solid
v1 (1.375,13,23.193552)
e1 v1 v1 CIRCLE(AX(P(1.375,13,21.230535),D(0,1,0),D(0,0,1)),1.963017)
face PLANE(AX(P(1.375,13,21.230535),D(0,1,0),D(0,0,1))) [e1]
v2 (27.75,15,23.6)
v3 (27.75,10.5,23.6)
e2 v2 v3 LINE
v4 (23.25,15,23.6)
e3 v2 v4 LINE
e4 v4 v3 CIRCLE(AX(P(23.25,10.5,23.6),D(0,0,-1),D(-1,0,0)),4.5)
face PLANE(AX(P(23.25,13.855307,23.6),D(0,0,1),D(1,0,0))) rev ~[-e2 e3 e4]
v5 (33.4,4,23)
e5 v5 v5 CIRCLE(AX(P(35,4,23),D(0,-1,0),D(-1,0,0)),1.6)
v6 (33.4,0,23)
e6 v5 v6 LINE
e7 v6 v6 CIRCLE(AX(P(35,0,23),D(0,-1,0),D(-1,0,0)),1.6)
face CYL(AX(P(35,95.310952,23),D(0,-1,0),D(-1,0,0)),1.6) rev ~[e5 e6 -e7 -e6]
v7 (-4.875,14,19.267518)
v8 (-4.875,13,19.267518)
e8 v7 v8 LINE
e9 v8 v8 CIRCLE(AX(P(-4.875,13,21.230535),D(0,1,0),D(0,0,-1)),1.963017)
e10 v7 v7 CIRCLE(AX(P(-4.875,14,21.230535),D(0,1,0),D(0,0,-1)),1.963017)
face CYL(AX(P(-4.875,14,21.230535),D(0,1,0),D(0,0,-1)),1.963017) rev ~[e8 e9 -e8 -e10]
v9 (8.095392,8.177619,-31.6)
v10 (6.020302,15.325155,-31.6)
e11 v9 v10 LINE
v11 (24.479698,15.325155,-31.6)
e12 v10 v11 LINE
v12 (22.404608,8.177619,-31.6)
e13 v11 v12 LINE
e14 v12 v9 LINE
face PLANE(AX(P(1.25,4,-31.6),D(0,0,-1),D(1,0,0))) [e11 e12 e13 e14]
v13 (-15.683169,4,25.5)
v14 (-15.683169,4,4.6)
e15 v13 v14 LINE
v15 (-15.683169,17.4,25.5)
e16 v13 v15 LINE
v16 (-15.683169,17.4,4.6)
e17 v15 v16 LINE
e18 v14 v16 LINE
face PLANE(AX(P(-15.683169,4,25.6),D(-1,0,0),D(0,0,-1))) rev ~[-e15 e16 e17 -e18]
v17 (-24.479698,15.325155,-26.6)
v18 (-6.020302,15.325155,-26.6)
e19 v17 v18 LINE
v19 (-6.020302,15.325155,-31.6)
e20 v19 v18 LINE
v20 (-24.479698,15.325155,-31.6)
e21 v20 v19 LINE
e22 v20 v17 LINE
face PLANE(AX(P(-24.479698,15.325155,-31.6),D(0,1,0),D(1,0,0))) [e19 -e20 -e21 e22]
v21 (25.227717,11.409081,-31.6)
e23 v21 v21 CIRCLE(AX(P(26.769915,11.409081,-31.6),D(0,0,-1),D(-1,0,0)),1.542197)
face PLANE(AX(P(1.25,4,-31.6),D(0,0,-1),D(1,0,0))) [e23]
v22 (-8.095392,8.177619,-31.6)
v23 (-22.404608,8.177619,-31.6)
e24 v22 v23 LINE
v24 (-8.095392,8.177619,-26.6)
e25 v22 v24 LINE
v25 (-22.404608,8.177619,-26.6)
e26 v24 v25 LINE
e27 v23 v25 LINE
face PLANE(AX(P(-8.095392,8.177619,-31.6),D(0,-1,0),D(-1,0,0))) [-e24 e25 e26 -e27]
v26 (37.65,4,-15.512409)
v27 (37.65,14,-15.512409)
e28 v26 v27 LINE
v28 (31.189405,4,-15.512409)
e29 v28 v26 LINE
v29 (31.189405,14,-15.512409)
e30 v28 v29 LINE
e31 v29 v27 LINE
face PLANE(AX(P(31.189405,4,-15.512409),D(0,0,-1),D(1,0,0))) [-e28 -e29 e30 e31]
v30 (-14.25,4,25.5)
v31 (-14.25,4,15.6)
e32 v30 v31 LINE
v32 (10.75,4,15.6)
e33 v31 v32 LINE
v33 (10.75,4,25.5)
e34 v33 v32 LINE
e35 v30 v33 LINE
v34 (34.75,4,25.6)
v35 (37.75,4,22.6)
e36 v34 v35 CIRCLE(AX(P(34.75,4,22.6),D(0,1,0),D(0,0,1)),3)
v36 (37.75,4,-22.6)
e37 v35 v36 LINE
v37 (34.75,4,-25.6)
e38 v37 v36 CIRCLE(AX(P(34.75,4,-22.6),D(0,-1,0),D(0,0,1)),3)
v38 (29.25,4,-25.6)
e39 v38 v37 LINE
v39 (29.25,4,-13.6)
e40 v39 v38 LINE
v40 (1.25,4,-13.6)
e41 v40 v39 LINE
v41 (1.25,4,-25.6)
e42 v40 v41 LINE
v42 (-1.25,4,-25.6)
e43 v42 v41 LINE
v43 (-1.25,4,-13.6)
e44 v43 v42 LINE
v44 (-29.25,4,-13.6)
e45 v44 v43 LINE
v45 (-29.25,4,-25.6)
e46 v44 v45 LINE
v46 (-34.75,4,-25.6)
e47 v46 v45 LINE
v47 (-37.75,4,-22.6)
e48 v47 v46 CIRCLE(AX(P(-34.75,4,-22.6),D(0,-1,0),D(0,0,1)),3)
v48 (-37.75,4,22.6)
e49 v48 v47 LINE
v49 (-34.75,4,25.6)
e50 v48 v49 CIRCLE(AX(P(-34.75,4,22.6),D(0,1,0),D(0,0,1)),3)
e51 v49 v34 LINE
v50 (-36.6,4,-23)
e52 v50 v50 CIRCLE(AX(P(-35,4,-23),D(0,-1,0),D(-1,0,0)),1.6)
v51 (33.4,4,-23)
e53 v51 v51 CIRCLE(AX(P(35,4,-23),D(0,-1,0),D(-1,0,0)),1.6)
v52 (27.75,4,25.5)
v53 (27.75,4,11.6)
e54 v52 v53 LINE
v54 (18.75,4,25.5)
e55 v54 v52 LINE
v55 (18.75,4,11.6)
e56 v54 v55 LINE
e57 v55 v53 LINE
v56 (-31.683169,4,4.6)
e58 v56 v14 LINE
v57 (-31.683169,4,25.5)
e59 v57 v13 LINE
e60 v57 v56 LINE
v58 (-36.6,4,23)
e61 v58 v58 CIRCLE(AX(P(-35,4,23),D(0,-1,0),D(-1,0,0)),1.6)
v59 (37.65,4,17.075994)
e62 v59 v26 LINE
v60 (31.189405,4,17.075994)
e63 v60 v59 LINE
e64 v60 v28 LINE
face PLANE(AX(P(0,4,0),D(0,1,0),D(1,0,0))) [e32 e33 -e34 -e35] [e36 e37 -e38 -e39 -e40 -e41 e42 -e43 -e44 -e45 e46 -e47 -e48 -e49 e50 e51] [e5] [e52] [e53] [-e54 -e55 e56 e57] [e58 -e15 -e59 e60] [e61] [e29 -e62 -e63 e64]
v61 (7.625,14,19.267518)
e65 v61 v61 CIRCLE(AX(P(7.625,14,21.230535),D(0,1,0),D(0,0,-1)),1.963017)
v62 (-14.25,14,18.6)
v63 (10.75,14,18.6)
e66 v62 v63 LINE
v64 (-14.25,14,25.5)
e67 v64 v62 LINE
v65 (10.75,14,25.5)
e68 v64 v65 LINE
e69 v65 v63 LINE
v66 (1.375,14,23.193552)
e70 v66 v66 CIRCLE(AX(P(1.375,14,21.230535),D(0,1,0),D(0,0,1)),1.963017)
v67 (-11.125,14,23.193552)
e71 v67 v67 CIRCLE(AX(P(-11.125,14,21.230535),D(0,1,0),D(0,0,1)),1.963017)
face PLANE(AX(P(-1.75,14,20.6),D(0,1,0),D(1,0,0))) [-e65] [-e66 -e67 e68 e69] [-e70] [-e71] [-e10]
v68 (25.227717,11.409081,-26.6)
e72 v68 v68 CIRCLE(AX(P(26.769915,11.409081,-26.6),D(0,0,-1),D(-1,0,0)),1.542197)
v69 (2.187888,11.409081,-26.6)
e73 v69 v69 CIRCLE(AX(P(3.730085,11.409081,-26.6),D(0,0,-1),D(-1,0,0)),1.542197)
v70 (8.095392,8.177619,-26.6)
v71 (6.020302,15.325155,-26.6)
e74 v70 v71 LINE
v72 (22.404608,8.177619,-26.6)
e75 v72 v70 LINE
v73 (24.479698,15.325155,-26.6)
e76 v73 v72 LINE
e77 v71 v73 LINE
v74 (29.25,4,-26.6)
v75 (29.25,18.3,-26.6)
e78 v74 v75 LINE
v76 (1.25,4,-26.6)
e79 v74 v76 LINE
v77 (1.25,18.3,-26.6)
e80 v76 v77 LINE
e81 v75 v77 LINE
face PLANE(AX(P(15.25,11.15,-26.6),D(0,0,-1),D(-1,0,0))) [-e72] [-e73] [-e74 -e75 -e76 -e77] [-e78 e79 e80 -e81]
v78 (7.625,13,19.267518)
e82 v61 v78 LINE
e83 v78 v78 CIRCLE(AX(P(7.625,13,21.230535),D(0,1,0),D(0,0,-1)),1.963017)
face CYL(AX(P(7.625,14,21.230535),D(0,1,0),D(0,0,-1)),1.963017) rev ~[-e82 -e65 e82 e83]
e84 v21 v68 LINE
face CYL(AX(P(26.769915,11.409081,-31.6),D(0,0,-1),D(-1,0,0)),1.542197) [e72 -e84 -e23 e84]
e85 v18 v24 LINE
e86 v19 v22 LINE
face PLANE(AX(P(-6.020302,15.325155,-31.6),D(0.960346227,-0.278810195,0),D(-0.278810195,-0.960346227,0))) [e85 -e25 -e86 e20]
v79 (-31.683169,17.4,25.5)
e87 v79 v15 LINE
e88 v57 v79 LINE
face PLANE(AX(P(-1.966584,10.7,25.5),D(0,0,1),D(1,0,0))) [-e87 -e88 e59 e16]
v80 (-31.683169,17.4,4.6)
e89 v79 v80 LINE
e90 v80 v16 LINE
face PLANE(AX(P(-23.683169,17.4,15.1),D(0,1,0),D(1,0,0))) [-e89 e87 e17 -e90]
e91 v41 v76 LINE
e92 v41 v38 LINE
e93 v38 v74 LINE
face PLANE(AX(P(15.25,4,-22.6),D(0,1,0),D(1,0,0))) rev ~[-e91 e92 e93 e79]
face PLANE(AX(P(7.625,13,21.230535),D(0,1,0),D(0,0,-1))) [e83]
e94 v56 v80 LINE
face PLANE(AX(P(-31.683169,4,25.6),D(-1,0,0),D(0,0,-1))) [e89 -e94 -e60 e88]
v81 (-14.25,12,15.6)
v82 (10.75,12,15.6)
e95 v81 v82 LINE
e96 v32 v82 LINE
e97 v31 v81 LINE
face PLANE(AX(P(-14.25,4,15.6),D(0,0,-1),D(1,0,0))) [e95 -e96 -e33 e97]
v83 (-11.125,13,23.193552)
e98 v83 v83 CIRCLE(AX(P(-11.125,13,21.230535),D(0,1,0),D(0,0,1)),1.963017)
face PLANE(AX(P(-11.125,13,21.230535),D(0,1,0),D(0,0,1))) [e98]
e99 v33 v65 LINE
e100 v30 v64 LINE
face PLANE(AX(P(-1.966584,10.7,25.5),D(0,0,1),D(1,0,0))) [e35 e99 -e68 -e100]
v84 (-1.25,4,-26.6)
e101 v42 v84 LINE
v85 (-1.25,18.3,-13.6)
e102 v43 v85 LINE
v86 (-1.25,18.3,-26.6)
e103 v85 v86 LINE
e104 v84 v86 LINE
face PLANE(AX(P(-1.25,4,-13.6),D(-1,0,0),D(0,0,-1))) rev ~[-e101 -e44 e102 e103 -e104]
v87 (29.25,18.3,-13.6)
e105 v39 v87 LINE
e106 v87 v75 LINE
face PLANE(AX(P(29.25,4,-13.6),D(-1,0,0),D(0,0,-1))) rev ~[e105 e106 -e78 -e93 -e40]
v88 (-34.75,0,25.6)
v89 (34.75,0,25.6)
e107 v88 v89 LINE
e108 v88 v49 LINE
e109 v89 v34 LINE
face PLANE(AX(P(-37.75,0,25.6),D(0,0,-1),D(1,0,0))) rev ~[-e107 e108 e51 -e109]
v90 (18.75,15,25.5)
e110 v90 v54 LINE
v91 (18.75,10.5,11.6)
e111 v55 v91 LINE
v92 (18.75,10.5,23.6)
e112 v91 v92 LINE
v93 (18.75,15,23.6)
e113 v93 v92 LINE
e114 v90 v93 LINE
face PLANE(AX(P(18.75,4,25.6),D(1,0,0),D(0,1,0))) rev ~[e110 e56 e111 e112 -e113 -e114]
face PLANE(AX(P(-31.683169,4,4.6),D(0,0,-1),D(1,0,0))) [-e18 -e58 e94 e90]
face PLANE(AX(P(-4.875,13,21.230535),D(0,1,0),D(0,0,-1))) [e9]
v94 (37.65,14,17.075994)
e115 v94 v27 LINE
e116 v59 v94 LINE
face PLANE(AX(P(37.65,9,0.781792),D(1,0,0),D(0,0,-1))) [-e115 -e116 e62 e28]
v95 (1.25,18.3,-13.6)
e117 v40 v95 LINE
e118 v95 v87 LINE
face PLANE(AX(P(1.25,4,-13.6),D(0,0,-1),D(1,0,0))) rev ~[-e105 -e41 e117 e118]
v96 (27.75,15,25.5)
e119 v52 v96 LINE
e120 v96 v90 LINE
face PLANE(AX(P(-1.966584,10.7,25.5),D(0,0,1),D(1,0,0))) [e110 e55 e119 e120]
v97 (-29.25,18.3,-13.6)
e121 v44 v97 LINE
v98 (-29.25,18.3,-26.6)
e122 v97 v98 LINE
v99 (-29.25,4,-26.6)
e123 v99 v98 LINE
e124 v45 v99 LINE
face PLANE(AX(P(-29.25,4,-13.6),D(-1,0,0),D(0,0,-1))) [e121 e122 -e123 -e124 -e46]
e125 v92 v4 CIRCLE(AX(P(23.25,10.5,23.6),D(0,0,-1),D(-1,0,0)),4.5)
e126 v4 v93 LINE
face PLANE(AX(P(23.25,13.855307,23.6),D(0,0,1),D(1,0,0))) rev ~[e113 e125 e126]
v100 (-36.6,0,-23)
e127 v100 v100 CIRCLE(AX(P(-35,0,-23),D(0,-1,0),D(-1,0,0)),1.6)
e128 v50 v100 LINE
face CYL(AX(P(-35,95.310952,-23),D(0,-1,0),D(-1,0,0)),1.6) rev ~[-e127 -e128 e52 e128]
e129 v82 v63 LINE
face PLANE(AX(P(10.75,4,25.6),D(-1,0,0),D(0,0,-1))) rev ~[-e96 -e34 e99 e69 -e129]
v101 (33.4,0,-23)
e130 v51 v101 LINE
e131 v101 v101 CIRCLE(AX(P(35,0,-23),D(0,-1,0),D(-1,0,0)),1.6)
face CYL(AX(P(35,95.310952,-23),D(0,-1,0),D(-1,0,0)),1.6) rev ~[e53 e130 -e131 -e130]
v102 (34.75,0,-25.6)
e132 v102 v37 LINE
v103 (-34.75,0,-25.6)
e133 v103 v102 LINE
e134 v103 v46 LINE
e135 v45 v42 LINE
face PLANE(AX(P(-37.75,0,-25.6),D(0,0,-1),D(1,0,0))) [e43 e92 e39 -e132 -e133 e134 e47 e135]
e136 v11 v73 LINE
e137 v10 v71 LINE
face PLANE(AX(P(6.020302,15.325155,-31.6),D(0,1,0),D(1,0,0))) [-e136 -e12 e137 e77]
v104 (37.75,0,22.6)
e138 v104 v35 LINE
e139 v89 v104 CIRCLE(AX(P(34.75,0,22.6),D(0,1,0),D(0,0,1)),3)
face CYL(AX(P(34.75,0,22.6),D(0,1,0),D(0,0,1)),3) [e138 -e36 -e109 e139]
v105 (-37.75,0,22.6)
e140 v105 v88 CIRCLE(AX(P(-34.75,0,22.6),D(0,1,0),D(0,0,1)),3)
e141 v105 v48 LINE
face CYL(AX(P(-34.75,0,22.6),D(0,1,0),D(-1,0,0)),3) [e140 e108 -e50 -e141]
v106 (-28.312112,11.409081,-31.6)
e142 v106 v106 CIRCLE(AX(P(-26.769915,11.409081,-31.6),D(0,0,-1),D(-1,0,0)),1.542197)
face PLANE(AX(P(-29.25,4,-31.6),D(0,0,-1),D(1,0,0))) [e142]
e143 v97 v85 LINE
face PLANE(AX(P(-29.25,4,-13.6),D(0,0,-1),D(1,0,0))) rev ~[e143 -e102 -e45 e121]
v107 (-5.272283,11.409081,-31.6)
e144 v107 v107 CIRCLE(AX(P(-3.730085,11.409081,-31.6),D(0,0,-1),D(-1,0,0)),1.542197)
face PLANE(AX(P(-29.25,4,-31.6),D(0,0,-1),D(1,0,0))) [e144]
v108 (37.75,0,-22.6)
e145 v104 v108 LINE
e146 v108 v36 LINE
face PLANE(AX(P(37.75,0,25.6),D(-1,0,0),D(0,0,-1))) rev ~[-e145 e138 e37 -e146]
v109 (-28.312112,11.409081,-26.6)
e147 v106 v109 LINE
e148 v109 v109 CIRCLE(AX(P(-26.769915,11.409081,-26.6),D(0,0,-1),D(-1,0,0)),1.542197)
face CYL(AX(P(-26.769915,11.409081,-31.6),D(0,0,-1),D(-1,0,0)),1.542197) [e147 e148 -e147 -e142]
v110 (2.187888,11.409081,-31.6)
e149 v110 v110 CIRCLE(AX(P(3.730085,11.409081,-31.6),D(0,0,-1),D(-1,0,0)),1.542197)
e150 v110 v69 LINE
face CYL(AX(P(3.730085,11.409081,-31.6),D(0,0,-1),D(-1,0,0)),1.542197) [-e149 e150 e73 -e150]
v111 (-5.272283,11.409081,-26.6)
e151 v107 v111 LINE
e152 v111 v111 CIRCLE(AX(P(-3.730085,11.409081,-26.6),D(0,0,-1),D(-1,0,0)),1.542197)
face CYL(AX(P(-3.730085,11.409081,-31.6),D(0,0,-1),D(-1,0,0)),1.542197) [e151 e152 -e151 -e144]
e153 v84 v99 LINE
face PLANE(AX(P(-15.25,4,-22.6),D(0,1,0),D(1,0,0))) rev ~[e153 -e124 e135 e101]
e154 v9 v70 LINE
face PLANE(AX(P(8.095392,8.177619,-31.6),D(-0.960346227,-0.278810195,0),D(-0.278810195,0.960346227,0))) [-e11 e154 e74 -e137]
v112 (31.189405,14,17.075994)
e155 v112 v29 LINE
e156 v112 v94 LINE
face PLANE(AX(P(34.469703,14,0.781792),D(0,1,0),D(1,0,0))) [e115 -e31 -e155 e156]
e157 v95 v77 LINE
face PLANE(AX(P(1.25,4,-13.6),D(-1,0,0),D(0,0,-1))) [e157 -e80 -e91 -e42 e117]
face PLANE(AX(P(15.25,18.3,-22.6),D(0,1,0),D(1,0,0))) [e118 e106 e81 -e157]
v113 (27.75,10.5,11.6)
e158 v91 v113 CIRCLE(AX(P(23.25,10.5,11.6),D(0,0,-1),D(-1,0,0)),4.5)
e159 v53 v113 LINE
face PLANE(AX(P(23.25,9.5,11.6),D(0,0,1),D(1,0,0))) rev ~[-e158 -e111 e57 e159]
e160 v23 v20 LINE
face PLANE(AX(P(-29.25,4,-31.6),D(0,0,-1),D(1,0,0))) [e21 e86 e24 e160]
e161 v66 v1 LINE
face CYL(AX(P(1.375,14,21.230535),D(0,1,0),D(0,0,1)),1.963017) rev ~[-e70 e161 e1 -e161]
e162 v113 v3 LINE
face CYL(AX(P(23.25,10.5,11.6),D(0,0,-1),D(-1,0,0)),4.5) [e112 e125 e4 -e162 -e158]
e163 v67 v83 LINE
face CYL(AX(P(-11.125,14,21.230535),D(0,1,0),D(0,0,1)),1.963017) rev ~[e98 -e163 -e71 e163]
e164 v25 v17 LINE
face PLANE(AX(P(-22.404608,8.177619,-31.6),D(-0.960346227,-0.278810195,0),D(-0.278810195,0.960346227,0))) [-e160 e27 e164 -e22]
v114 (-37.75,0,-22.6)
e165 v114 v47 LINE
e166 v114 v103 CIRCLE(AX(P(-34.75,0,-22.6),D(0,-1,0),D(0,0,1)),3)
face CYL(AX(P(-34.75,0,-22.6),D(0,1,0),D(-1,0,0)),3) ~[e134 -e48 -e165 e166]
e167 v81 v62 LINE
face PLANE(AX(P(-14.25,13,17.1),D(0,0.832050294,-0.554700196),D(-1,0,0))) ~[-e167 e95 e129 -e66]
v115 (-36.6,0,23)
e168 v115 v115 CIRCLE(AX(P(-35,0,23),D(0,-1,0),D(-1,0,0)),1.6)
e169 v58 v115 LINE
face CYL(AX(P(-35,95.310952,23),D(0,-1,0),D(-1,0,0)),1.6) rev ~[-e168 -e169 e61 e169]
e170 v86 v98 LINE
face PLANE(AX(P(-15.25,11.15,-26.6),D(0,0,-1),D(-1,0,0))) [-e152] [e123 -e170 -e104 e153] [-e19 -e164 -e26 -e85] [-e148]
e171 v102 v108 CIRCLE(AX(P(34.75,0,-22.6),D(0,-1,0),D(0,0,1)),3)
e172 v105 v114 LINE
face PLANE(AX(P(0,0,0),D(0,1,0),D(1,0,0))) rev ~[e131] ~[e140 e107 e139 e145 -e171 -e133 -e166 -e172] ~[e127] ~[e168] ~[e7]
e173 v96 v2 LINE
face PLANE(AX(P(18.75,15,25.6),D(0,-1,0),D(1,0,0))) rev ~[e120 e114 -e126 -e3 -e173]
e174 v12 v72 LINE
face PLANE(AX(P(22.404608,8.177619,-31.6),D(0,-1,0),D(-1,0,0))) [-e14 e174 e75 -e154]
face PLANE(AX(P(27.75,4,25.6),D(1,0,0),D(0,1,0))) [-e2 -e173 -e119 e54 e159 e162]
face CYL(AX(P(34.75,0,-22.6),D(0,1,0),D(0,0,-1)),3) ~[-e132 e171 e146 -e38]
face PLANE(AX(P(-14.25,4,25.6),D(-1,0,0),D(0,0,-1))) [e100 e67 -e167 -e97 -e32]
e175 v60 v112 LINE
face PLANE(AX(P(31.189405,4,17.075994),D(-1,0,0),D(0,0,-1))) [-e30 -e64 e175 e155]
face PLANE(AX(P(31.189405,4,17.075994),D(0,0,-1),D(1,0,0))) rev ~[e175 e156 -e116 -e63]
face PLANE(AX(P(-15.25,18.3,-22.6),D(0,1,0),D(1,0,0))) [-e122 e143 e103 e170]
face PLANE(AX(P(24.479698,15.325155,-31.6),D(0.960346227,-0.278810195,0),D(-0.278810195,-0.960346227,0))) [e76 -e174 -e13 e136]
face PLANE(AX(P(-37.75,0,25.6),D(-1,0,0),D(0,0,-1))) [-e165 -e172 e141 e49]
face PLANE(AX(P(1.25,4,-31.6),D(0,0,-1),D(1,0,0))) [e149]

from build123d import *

# Parameters (mm, degrees)
SKETCH_1_W          = 75.5
SKETCH_1_H          = 51.2
EXTRUDE_1_DEPTH     = 4
HOLE_WIZARD_M3_1_D  = 3.2
FILLET_1_R          = 3
SKETCH_4_W          = 9
SKETCH_4_H          = 11
EXTRUDE_2_DEPTH     = 14
CUT_EXTRUDE_1_DEPTH = 12
SKETCH_6_W          = 25
SKETCH_6_H          = 10
EXTRUDE_3_DEPTH     = 10
SKETCH_7_R          = 1.963016799
CUT_EXTRUDE_2_DEPTH = 1
CHAMFER_1_SIZE      = 2
CHAMFER_1_SIZE2     = 3
SKETCH_8_W          = 6.560594773
SKETCH_8_H          = 32.588402295
EXTRUDE_4_DEPTH     = 10
SKETCH_9_W          = 28
SKETCH_9_H          = 18
EXTRUDE_5_DEPTH     = 14.3
SKETCH_10_W         = 28
SKETCH_10_H         = 14.3
SKETCH_10_R         = 1.542197262
CUT_EXTRUDE_3_DEPTH = 5
SKETCH_11_W         = 16
SKETCH_11_H         = 21
EXTRUDE_6_DEPTH     = 13.4
SKETCH_12_W         = 59.433168898
SKETCH_12_H         = 13.4
CUT_EXTRUDE_4_DEPTH = 0.1
SKETCH_13_W         = 32.588402295
SKETCH_13_H         = 10
CUT_EXTRUDE_5_DEPTH = 0.1


with BuildPart() as part:
    # 草图1 → 凸台-拉伸1 (new body)
    with BuildSketch(Plane(origin=(0, 0, 0), x_dir=(1, 0, 0), z_dir=(0, 1, 0))):
        Rectangle(SKETCH_1_W, SKETCH_1_H)
    extrude(amount=EXTRUDE_1_DEPTH)

    # M3 间隙孔1 (through all)
    with Locations(Plane(origin=(0, 4, 0), x_dir=(1, 0, 0), z_dir=(0, 1, 0))):
        with Locations((-35, 23), (35, 23), (-35, -23), (35, -23)):
            Hole(HOLE_WIZARD_M3_1_D / 2)

    # 圆角1
    fillet_1_edges = [part.edges().sort_by_distance(p)[0] for p in [
        (-37.75, 2, -25.6),
        (37.75, 2, -25.6),
        (37.75, 2, 25.6),
        (-37.75, 2, 25.6),
    ]]
    fillet(fillet_1_edges, radius=FILLET_1_R)

    # 草图4 → 凸台-拉伸2 (add)
    with BuildSketch(Plane.XY.offset(25.6)):
        with Locations((23.25, 9.5)):
            Rectangle(SKETCH_4_W, SKETCH_4_H)
    extrude(amount=-EXTRUDE_2_DEPTH)

    # 草图5 → 切除-拉伸1 (cut)
    with BuildSketch(Plane(origin=(0, 0, 11.6), x_dir=(-1, 0, 0), z_dir=(0, 0, -1))):
        with BuildLine():
            Line((-27.75, 10.5), (-28.75, 10.5))
            Line((-28.75, 10.5), (-28.75, 16))
            Line((-28.75, 16), (-17.75, 16))
            Line((-17.75, 16), (-17.75, 10.5))
            Line((-17.75, 10.5), (-18.75, 10.5))
            ThreePointArc((-18.75, 10.5), (-23.25, 15), (-27.75, 10.5))
        make_face()
    extrude(amount=-CUT_EXTRUDE_1_DEPTH, mode=Mode.SUBTRACT)

    # 草图6 → 凸台-拉伸3 (add)
    with BuildSketch(Plane(origin=(0, 4, 0), x_dir=(1, 0, 0), z_dir=(0, 1, 0))):
        with Locations((-1.75, -20.6)):
            Rectangle(SKETCH_6_W, SKETCH_6_H)
    extrude(amount=EXTRUDE_3_DEPTH)

    # 草图7 → 切除-拉伸2 (cut)
    with BuildSketch(Plane(origin=(0, 14, 0), x_dir=(1, 0, 0), z_dir=(0, 1, 0))):
        with Locations(Location((-11.125, -21.230534839, 0), (0, 0, 270))):
            Circle(SKETCH_7_R)
        with Locations(Location((-4.875, -21.230534839, 0), (0, 0, 90))):
            Circle(SKETCH_7_R)
        with Locations(Location((7.625, -21.230534839, 0), (0, 0, 90))):
            Circle(SKETCH_7_R)
        with Locations(Location((1.375, -21.230534839, 0), (0, 0, 270))):
            Circle(SKETCH_7_R)
    extrude(amount=-CUT_EXTRUDE_2_DEPTH, mode=Mode.SUBTRACT)

    # 倒角1
    chamfer_1_edges = [part.edges().sort_by_distance(p)[0] for p in [
        (-1.75, 14, 15.6),
    ]]
    chamfer_1_side = [part.faces().sort_by_distance(p)[0] for p in [
        (-1.75, 9, 15.6),
    ]]
    chamfer(chamfer_1_edges, length=CHAMFER_1_SIZE, length2=CHAMFER_1_SIZE2, reference=chamfer_1_side[0])

    # 草图8 → 凸台-拉伸4 (add)
    with BuildSketch(Plane(origin=(0, 4, 0), x_dir=(1, 0, 0), z_dir=(0, 1, 0))):
        with Locations((34.469702614, -0.78179248)):
            Rectangle(SKETCH_8_W, SKETCH_8_H)
    extrude(amount=EXTRUDE_4_DEPTH)

    # 草图9 → 凸台-拉伸5 (add)
    with BuildSketch(Plane(origin=(0, 4, 0), x_dir=(1, 0, 0), z_dir=(0, 1, 0))):
        with Locations((-15.25, 22.6)):
            Rectangle(SKETCH_9_W, SKETCH_9_H)
        with Locations((15.25, 22.6)):
            Rectangle(SKETCH_9_W, SKETCH_9_H)
    extrude(amount=EXTRUDE_5_DEPTH)

    # 草图10 → 切除-拉伸3 (cut)
    # profile 1 of 2: a face of its own
    with BuildSketch(Plane(origin=(0, 0, -31.6), x_dir=(-1, 0, 0), z_dir=(0, 0, -1))):
        with Locations((-15.25, 11.15)):
            Rectangle(SKETCH_10_W, SKETCH_10_H)
        with Locations((-26.769914648, 11.409080509)):
            Circle(SKETCH_10_R, mode=Mode.SUBTRACT)
        with Locations((-3.730085352, 11.409080509)):
            Circle(SKETCH_10_R, mode=Mode.SUBTRACT)
        Polygon((-22.404607637, 8.177619476), (-8.095392363, 8.177619476), (-6.020301502, 15.325154661), (-24.479698498, 15.325154661), align=None, mode=Mode.SUBTRACT)
    # profile 2 of 2: a face of its own
    with BuildSketch(Plane(origin=(0, 0, -31.6), x_dir=(-1, 0, 0), z_dir=(0, 0, -1))):
        with Locations((15.25, 11.15)):
            Rectangle(SKETCH_10_W, SKETCH_10_H)
        with Locations((3.730085352, 11.409080509)):
            Circle(SKETCH_10_R, mode=Mode.SUBTRACT)
        with Locations((26.769914648, 11.409080509)):
            Circle(SKETCH_10_R, mode=Mode.SUBTRACT)
        Polygon((6.020301502, 15.325154661), (8.095392363, 8.177619476), (22.404607637, 8.177619476), (24.479698498, 15.325154661), align=None, mode=Mode.SUBTRACT)
    extrude(amount=-CUT_EXTRUDE_3_DEPTH, mode=Mode.SUBTRACT)

    # 草图11 → 凸台-拉伸6 (add)
    with BuildSketch(Plane(origin=(0, 4, 0), x_dir=(1, 0, 0), z_dir=(0, 1, 0))):
        with Locations((-23.683168898, -15.1)):
            Rectangle(SKETCH_11_W, SKETCH_11_H)
    extrude(amount=EXTRUDE_6_DEPTH)

    # 草图12 → 切除-拉伸4 (cut)
    with BuildSketch(Plane.XY.offset(25.6)):
        with Locations((-1.966584449, 10.7)):
            Rectangle(SKETCH_12_W, SKETCH_12_H)
    extrude(amount=-CUT_EXTRUDE_4_DEPTH, mode=Mode.SUBTRACT)

    # 草图13 → 切除-拉伸5 (cut)
    with BuildSketch(Plane(origin=(37.75, 0, 0), x_dir=(0, 0, -1), z_dir=(1, 0, 0))):
        with Locations((-0.78179248, 9)):
            Rectangle(SKETCH_13_W, SKETCH_13_H)
    extrude(amount=-CUT_EXTRUDE_5_DEPTH, mode=Mode.SUBTRACT)


solid = part.part
